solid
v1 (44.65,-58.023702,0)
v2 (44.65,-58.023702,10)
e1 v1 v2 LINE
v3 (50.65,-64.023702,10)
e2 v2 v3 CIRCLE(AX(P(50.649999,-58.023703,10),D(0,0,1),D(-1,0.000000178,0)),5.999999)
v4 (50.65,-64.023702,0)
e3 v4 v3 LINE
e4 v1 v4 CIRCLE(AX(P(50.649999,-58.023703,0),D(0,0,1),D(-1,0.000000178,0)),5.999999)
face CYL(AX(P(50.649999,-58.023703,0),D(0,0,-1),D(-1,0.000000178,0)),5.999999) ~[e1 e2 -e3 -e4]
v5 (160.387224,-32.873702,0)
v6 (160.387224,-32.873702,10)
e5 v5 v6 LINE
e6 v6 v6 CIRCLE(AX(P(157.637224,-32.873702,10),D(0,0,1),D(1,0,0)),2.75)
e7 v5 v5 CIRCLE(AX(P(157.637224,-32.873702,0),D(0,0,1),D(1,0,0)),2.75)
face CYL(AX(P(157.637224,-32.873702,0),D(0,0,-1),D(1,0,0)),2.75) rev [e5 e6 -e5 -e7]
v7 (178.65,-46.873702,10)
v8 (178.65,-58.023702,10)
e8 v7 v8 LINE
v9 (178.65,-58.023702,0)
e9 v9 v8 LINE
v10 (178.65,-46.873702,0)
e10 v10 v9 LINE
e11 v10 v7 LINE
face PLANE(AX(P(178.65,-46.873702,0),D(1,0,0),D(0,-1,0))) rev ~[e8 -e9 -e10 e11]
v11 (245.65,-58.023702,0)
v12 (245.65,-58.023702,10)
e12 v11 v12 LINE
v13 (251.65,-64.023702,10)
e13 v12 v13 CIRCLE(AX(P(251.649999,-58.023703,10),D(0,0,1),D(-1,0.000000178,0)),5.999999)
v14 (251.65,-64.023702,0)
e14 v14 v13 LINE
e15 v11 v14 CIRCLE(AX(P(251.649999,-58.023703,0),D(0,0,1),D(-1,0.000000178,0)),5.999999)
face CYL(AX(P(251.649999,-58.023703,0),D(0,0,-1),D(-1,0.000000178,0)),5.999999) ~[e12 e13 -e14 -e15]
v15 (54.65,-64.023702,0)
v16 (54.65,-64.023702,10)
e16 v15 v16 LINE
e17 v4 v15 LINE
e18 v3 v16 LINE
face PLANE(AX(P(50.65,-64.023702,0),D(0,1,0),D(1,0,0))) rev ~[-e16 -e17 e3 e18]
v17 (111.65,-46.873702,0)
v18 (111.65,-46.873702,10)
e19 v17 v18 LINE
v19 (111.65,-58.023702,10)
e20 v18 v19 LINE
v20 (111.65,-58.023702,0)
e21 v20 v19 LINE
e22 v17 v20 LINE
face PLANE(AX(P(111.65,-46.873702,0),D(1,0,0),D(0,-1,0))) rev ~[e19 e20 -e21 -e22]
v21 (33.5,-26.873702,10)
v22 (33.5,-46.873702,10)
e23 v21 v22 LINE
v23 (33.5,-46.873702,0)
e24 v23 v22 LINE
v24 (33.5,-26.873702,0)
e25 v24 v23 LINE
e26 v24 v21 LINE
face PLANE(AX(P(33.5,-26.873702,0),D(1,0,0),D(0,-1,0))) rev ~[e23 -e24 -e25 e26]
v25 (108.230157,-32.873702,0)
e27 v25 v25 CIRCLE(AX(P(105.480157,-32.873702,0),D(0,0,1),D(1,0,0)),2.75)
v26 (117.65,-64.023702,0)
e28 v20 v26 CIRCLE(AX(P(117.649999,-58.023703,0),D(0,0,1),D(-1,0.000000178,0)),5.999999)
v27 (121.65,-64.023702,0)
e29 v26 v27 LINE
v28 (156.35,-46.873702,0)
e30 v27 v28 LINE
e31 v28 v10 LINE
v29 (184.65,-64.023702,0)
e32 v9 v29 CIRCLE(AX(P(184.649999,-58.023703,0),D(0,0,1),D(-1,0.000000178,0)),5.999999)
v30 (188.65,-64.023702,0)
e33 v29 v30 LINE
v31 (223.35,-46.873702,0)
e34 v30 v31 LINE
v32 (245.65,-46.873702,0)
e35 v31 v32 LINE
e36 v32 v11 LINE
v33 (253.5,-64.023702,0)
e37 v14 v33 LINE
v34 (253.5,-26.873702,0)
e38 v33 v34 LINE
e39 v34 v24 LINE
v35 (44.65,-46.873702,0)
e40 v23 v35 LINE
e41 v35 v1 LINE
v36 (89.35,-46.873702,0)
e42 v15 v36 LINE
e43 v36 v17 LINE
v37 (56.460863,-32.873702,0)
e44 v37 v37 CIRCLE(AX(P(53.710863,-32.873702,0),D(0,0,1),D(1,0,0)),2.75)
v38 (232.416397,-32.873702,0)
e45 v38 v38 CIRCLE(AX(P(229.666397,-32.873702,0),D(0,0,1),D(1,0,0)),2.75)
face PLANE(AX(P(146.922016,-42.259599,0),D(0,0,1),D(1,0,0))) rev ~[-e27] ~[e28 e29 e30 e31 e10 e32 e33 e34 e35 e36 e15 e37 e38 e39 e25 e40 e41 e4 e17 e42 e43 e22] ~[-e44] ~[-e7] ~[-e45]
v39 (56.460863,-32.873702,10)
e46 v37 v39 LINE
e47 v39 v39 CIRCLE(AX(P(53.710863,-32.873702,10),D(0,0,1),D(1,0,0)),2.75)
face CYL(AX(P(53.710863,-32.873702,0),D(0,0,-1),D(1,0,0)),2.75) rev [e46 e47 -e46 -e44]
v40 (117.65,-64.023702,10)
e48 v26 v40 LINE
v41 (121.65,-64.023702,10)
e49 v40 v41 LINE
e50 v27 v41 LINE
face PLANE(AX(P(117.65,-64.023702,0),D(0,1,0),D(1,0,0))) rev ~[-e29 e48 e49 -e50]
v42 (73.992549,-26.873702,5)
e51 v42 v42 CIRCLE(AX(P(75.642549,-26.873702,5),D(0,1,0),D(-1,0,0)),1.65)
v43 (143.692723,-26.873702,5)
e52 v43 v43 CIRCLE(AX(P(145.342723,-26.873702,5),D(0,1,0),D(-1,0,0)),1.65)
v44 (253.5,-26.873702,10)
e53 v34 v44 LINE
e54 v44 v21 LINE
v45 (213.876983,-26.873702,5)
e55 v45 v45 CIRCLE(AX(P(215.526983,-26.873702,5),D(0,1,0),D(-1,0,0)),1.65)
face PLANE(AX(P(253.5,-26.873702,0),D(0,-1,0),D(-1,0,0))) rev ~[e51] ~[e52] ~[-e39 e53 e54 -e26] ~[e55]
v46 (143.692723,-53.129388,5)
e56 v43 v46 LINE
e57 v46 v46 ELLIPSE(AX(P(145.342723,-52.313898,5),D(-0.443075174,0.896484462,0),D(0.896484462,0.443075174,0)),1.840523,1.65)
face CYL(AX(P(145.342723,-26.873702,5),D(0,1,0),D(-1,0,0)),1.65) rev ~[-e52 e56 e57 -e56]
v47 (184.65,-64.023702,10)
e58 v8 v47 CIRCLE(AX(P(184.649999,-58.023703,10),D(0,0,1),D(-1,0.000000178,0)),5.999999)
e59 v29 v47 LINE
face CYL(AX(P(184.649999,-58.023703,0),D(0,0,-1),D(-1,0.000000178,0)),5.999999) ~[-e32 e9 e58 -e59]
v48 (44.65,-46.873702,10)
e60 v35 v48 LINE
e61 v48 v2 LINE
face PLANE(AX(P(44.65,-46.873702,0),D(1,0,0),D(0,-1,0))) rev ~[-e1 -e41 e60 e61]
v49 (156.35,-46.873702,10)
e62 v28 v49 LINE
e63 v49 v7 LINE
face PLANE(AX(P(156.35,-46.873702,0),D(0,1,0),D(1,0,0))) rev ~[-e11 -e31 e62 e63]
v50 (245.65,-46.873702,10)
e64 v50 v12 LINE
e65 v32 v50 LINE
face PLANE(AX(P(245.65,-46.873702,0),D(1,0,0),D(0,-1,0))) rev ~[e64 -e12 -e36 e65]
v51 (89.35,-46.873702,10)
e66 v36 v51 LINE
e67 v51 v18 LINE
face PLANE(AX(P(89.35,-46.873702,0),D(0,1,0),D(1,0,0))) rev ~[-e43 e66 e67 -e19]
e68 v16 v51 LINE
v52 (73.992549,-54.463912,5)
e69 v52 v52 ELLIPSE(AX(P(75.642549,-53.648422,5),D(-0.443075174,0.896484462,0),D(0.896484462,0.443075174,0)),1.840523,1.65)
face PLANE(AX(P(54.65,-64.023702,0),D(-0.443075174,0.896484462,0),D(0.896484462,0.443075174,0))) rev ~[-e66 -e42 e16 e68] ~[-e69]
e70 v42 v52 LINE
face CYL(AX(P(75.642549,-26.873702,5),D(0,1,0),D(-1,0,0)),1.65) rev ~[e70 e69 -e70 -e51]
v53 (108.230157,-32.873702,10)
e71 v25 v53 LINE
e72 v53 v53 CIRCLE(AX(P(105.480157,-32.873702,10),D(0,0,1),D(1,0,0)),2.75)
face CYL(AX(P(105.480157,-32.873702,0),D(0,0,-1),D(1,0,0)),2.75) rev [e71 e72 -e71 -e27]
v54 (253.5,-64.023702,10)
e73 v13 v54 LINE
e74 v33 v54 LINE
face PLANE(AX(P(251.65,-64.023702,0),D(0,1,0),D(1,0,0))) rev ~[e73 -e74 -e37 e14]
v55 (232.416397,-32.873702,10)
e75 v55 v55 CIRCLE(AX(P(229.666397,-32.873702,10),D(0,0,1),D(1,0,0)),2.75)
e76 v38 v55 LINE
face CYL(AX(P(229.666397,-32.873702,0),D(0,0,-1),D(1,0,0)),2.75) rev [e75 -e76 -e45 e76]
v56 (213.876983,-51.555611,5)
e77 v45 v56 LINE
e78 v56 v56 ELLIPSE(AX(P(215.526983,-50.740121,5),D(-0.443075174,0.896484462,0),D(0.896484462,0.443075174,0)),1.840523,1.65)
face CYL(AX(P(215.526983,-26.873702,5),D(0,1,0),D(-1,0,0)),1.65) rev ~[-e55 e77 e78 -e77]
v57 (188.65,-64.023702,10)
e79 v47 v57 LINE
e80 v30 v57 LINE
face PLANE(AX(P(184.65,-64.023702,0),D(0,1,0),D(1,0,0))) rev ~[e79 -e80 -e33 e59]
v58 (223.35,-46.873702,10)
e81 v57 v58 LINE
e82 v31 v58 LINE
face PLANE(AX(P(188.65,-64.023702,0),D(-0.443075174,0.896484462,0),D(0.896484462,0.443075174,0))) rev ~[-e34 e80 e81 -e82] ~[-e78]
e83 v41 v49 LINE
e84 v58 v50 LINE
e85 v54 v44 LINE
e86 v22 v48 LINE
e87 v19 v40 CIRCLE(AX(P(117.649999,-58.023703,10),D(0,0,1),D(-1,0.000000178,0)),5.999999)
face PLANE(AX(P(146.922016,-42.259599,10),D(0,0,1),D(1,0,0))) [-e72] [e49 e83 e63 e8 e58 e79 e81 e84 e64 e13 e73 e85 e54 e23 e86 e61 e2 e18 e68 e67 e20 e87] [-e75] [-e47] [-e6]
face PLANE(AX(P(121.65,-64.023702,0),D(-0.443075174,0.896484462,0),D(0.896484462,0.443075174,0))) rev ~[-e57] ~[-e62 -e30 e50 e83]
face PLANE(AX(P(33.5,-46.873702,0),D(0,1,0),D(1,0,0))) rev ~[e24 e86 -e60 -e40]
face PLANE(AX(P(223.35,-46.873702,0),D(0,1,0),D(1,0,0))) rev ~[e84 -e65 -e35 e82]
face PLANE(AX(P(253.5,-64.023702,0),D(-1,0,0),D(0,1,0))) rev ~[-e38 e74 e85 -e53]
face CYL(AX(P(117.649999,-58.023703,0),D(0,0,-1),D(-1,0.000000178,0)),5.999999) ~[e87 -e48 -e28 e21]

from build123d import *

# Parameters (mm, degrees)
F0_R     = 2.75
F1_DEPTH = 10
F2_R     = 1.65
F3_DEPTH = 47


with BuildPart() as f1:
    # F0 (on Top) → F1 (new body)
    with BuildSketch(Plane.XY):
        with BuildLine():
            Line((253.5, -26.873702), (33.5, -26.873702))
            Line((33.5, -26.873702), (33.5, -46.873702))
            Line((33.5, -46.873702), (44.65, -46.873702))
            Line((44.65, -46.873702), (44.65, -58.023702))
            ThreePointArc((44.65, -58.023702), (46.407359, -62.266343), (50.65, -64.023702))
            Line((50.65, -64.023702), (54.65, -64.023702))
            Line((54.65, -64.023702), (89.35, -46.873702))
            Line((89.35, -46.873702), (100.5, -46.873702))
            Line((100.5, -46.873702), (111.65, -46.873702))
            Line((111.65, -46.873702), (111.65, -58.023702))
            ThreePointArc((111.65, -58.023702), (113.407359, -62.266343), (117.65, -64.023702))
            Line((117.65, -64.023702), (121.65, -64.023702))
            Line((121.65, -64.023702), (156.35, -46.873702))
            Line((156.35, -46.873702), (167.5, -46.873702))
            Line((167.5, -46.873702), (178.65, -46.873702))
            Line((178.65, -46.873702), (178.65, -58.023702))
            ThreePointArc((178.65, -58.023702), (180.407359, -62.266343), (184.65, -64.023702))
            Line((184.65, -64.023702), (188.65, -64.023702))
            Line((188.65, -64.023702), (223.35, -46.873702))
            Line((223.35, -46.873702), (234.5, -46.873702))
            Line((234.5, -46.873702), (245.65, -46.873702))
            Line((245.65, -46.873702), (245.65, -58.023702))
            ThreePointArc((245.65, -58.023702), (247.407359, -62.266343), (251.65, -64.023702))
            Line((251.65, -64.023702), (253.5, -64.023702))
            Line((253.5, -64.023702), (253.5, -26.873702))
        make_face()
        with Locations((53.710863, -32.873702)):
            Circle(F0_R, mode=Mode.SUBTRACT)
        with Locations((105.480157, -32.873702)):
            Circle(F0_R, mode=Mode.SUBTRACT)
        with Locations((157.637224, -32.873702)):
            Circle(F0_R, mode=Mode.SUBTRACT)
        with Locations((229.666397, -32.873702)):
            Circle(F0_R, mode=Mode.SUBTRACT)
    extrude(amount=F1_DEPTH)

    # F2 (on face) → F3 (cut)
    with BuildSketch(Plane(origin=(0, -26.873702, 0), x_dir=(-1, 0, 0), z_dir=(0, 1, 0))):
        with Locations((-75.642549, 5)):
            Circle(F2_R)
        with Locations((-145.342723, 5)):
            Circle(F2_R)
        with Locations((-215.526983, 5)):
            Circle(F2_R)
    extrude(amount=-F3_DEPTH, mode=Mode.SUBTRACT)


solid = f1.part
